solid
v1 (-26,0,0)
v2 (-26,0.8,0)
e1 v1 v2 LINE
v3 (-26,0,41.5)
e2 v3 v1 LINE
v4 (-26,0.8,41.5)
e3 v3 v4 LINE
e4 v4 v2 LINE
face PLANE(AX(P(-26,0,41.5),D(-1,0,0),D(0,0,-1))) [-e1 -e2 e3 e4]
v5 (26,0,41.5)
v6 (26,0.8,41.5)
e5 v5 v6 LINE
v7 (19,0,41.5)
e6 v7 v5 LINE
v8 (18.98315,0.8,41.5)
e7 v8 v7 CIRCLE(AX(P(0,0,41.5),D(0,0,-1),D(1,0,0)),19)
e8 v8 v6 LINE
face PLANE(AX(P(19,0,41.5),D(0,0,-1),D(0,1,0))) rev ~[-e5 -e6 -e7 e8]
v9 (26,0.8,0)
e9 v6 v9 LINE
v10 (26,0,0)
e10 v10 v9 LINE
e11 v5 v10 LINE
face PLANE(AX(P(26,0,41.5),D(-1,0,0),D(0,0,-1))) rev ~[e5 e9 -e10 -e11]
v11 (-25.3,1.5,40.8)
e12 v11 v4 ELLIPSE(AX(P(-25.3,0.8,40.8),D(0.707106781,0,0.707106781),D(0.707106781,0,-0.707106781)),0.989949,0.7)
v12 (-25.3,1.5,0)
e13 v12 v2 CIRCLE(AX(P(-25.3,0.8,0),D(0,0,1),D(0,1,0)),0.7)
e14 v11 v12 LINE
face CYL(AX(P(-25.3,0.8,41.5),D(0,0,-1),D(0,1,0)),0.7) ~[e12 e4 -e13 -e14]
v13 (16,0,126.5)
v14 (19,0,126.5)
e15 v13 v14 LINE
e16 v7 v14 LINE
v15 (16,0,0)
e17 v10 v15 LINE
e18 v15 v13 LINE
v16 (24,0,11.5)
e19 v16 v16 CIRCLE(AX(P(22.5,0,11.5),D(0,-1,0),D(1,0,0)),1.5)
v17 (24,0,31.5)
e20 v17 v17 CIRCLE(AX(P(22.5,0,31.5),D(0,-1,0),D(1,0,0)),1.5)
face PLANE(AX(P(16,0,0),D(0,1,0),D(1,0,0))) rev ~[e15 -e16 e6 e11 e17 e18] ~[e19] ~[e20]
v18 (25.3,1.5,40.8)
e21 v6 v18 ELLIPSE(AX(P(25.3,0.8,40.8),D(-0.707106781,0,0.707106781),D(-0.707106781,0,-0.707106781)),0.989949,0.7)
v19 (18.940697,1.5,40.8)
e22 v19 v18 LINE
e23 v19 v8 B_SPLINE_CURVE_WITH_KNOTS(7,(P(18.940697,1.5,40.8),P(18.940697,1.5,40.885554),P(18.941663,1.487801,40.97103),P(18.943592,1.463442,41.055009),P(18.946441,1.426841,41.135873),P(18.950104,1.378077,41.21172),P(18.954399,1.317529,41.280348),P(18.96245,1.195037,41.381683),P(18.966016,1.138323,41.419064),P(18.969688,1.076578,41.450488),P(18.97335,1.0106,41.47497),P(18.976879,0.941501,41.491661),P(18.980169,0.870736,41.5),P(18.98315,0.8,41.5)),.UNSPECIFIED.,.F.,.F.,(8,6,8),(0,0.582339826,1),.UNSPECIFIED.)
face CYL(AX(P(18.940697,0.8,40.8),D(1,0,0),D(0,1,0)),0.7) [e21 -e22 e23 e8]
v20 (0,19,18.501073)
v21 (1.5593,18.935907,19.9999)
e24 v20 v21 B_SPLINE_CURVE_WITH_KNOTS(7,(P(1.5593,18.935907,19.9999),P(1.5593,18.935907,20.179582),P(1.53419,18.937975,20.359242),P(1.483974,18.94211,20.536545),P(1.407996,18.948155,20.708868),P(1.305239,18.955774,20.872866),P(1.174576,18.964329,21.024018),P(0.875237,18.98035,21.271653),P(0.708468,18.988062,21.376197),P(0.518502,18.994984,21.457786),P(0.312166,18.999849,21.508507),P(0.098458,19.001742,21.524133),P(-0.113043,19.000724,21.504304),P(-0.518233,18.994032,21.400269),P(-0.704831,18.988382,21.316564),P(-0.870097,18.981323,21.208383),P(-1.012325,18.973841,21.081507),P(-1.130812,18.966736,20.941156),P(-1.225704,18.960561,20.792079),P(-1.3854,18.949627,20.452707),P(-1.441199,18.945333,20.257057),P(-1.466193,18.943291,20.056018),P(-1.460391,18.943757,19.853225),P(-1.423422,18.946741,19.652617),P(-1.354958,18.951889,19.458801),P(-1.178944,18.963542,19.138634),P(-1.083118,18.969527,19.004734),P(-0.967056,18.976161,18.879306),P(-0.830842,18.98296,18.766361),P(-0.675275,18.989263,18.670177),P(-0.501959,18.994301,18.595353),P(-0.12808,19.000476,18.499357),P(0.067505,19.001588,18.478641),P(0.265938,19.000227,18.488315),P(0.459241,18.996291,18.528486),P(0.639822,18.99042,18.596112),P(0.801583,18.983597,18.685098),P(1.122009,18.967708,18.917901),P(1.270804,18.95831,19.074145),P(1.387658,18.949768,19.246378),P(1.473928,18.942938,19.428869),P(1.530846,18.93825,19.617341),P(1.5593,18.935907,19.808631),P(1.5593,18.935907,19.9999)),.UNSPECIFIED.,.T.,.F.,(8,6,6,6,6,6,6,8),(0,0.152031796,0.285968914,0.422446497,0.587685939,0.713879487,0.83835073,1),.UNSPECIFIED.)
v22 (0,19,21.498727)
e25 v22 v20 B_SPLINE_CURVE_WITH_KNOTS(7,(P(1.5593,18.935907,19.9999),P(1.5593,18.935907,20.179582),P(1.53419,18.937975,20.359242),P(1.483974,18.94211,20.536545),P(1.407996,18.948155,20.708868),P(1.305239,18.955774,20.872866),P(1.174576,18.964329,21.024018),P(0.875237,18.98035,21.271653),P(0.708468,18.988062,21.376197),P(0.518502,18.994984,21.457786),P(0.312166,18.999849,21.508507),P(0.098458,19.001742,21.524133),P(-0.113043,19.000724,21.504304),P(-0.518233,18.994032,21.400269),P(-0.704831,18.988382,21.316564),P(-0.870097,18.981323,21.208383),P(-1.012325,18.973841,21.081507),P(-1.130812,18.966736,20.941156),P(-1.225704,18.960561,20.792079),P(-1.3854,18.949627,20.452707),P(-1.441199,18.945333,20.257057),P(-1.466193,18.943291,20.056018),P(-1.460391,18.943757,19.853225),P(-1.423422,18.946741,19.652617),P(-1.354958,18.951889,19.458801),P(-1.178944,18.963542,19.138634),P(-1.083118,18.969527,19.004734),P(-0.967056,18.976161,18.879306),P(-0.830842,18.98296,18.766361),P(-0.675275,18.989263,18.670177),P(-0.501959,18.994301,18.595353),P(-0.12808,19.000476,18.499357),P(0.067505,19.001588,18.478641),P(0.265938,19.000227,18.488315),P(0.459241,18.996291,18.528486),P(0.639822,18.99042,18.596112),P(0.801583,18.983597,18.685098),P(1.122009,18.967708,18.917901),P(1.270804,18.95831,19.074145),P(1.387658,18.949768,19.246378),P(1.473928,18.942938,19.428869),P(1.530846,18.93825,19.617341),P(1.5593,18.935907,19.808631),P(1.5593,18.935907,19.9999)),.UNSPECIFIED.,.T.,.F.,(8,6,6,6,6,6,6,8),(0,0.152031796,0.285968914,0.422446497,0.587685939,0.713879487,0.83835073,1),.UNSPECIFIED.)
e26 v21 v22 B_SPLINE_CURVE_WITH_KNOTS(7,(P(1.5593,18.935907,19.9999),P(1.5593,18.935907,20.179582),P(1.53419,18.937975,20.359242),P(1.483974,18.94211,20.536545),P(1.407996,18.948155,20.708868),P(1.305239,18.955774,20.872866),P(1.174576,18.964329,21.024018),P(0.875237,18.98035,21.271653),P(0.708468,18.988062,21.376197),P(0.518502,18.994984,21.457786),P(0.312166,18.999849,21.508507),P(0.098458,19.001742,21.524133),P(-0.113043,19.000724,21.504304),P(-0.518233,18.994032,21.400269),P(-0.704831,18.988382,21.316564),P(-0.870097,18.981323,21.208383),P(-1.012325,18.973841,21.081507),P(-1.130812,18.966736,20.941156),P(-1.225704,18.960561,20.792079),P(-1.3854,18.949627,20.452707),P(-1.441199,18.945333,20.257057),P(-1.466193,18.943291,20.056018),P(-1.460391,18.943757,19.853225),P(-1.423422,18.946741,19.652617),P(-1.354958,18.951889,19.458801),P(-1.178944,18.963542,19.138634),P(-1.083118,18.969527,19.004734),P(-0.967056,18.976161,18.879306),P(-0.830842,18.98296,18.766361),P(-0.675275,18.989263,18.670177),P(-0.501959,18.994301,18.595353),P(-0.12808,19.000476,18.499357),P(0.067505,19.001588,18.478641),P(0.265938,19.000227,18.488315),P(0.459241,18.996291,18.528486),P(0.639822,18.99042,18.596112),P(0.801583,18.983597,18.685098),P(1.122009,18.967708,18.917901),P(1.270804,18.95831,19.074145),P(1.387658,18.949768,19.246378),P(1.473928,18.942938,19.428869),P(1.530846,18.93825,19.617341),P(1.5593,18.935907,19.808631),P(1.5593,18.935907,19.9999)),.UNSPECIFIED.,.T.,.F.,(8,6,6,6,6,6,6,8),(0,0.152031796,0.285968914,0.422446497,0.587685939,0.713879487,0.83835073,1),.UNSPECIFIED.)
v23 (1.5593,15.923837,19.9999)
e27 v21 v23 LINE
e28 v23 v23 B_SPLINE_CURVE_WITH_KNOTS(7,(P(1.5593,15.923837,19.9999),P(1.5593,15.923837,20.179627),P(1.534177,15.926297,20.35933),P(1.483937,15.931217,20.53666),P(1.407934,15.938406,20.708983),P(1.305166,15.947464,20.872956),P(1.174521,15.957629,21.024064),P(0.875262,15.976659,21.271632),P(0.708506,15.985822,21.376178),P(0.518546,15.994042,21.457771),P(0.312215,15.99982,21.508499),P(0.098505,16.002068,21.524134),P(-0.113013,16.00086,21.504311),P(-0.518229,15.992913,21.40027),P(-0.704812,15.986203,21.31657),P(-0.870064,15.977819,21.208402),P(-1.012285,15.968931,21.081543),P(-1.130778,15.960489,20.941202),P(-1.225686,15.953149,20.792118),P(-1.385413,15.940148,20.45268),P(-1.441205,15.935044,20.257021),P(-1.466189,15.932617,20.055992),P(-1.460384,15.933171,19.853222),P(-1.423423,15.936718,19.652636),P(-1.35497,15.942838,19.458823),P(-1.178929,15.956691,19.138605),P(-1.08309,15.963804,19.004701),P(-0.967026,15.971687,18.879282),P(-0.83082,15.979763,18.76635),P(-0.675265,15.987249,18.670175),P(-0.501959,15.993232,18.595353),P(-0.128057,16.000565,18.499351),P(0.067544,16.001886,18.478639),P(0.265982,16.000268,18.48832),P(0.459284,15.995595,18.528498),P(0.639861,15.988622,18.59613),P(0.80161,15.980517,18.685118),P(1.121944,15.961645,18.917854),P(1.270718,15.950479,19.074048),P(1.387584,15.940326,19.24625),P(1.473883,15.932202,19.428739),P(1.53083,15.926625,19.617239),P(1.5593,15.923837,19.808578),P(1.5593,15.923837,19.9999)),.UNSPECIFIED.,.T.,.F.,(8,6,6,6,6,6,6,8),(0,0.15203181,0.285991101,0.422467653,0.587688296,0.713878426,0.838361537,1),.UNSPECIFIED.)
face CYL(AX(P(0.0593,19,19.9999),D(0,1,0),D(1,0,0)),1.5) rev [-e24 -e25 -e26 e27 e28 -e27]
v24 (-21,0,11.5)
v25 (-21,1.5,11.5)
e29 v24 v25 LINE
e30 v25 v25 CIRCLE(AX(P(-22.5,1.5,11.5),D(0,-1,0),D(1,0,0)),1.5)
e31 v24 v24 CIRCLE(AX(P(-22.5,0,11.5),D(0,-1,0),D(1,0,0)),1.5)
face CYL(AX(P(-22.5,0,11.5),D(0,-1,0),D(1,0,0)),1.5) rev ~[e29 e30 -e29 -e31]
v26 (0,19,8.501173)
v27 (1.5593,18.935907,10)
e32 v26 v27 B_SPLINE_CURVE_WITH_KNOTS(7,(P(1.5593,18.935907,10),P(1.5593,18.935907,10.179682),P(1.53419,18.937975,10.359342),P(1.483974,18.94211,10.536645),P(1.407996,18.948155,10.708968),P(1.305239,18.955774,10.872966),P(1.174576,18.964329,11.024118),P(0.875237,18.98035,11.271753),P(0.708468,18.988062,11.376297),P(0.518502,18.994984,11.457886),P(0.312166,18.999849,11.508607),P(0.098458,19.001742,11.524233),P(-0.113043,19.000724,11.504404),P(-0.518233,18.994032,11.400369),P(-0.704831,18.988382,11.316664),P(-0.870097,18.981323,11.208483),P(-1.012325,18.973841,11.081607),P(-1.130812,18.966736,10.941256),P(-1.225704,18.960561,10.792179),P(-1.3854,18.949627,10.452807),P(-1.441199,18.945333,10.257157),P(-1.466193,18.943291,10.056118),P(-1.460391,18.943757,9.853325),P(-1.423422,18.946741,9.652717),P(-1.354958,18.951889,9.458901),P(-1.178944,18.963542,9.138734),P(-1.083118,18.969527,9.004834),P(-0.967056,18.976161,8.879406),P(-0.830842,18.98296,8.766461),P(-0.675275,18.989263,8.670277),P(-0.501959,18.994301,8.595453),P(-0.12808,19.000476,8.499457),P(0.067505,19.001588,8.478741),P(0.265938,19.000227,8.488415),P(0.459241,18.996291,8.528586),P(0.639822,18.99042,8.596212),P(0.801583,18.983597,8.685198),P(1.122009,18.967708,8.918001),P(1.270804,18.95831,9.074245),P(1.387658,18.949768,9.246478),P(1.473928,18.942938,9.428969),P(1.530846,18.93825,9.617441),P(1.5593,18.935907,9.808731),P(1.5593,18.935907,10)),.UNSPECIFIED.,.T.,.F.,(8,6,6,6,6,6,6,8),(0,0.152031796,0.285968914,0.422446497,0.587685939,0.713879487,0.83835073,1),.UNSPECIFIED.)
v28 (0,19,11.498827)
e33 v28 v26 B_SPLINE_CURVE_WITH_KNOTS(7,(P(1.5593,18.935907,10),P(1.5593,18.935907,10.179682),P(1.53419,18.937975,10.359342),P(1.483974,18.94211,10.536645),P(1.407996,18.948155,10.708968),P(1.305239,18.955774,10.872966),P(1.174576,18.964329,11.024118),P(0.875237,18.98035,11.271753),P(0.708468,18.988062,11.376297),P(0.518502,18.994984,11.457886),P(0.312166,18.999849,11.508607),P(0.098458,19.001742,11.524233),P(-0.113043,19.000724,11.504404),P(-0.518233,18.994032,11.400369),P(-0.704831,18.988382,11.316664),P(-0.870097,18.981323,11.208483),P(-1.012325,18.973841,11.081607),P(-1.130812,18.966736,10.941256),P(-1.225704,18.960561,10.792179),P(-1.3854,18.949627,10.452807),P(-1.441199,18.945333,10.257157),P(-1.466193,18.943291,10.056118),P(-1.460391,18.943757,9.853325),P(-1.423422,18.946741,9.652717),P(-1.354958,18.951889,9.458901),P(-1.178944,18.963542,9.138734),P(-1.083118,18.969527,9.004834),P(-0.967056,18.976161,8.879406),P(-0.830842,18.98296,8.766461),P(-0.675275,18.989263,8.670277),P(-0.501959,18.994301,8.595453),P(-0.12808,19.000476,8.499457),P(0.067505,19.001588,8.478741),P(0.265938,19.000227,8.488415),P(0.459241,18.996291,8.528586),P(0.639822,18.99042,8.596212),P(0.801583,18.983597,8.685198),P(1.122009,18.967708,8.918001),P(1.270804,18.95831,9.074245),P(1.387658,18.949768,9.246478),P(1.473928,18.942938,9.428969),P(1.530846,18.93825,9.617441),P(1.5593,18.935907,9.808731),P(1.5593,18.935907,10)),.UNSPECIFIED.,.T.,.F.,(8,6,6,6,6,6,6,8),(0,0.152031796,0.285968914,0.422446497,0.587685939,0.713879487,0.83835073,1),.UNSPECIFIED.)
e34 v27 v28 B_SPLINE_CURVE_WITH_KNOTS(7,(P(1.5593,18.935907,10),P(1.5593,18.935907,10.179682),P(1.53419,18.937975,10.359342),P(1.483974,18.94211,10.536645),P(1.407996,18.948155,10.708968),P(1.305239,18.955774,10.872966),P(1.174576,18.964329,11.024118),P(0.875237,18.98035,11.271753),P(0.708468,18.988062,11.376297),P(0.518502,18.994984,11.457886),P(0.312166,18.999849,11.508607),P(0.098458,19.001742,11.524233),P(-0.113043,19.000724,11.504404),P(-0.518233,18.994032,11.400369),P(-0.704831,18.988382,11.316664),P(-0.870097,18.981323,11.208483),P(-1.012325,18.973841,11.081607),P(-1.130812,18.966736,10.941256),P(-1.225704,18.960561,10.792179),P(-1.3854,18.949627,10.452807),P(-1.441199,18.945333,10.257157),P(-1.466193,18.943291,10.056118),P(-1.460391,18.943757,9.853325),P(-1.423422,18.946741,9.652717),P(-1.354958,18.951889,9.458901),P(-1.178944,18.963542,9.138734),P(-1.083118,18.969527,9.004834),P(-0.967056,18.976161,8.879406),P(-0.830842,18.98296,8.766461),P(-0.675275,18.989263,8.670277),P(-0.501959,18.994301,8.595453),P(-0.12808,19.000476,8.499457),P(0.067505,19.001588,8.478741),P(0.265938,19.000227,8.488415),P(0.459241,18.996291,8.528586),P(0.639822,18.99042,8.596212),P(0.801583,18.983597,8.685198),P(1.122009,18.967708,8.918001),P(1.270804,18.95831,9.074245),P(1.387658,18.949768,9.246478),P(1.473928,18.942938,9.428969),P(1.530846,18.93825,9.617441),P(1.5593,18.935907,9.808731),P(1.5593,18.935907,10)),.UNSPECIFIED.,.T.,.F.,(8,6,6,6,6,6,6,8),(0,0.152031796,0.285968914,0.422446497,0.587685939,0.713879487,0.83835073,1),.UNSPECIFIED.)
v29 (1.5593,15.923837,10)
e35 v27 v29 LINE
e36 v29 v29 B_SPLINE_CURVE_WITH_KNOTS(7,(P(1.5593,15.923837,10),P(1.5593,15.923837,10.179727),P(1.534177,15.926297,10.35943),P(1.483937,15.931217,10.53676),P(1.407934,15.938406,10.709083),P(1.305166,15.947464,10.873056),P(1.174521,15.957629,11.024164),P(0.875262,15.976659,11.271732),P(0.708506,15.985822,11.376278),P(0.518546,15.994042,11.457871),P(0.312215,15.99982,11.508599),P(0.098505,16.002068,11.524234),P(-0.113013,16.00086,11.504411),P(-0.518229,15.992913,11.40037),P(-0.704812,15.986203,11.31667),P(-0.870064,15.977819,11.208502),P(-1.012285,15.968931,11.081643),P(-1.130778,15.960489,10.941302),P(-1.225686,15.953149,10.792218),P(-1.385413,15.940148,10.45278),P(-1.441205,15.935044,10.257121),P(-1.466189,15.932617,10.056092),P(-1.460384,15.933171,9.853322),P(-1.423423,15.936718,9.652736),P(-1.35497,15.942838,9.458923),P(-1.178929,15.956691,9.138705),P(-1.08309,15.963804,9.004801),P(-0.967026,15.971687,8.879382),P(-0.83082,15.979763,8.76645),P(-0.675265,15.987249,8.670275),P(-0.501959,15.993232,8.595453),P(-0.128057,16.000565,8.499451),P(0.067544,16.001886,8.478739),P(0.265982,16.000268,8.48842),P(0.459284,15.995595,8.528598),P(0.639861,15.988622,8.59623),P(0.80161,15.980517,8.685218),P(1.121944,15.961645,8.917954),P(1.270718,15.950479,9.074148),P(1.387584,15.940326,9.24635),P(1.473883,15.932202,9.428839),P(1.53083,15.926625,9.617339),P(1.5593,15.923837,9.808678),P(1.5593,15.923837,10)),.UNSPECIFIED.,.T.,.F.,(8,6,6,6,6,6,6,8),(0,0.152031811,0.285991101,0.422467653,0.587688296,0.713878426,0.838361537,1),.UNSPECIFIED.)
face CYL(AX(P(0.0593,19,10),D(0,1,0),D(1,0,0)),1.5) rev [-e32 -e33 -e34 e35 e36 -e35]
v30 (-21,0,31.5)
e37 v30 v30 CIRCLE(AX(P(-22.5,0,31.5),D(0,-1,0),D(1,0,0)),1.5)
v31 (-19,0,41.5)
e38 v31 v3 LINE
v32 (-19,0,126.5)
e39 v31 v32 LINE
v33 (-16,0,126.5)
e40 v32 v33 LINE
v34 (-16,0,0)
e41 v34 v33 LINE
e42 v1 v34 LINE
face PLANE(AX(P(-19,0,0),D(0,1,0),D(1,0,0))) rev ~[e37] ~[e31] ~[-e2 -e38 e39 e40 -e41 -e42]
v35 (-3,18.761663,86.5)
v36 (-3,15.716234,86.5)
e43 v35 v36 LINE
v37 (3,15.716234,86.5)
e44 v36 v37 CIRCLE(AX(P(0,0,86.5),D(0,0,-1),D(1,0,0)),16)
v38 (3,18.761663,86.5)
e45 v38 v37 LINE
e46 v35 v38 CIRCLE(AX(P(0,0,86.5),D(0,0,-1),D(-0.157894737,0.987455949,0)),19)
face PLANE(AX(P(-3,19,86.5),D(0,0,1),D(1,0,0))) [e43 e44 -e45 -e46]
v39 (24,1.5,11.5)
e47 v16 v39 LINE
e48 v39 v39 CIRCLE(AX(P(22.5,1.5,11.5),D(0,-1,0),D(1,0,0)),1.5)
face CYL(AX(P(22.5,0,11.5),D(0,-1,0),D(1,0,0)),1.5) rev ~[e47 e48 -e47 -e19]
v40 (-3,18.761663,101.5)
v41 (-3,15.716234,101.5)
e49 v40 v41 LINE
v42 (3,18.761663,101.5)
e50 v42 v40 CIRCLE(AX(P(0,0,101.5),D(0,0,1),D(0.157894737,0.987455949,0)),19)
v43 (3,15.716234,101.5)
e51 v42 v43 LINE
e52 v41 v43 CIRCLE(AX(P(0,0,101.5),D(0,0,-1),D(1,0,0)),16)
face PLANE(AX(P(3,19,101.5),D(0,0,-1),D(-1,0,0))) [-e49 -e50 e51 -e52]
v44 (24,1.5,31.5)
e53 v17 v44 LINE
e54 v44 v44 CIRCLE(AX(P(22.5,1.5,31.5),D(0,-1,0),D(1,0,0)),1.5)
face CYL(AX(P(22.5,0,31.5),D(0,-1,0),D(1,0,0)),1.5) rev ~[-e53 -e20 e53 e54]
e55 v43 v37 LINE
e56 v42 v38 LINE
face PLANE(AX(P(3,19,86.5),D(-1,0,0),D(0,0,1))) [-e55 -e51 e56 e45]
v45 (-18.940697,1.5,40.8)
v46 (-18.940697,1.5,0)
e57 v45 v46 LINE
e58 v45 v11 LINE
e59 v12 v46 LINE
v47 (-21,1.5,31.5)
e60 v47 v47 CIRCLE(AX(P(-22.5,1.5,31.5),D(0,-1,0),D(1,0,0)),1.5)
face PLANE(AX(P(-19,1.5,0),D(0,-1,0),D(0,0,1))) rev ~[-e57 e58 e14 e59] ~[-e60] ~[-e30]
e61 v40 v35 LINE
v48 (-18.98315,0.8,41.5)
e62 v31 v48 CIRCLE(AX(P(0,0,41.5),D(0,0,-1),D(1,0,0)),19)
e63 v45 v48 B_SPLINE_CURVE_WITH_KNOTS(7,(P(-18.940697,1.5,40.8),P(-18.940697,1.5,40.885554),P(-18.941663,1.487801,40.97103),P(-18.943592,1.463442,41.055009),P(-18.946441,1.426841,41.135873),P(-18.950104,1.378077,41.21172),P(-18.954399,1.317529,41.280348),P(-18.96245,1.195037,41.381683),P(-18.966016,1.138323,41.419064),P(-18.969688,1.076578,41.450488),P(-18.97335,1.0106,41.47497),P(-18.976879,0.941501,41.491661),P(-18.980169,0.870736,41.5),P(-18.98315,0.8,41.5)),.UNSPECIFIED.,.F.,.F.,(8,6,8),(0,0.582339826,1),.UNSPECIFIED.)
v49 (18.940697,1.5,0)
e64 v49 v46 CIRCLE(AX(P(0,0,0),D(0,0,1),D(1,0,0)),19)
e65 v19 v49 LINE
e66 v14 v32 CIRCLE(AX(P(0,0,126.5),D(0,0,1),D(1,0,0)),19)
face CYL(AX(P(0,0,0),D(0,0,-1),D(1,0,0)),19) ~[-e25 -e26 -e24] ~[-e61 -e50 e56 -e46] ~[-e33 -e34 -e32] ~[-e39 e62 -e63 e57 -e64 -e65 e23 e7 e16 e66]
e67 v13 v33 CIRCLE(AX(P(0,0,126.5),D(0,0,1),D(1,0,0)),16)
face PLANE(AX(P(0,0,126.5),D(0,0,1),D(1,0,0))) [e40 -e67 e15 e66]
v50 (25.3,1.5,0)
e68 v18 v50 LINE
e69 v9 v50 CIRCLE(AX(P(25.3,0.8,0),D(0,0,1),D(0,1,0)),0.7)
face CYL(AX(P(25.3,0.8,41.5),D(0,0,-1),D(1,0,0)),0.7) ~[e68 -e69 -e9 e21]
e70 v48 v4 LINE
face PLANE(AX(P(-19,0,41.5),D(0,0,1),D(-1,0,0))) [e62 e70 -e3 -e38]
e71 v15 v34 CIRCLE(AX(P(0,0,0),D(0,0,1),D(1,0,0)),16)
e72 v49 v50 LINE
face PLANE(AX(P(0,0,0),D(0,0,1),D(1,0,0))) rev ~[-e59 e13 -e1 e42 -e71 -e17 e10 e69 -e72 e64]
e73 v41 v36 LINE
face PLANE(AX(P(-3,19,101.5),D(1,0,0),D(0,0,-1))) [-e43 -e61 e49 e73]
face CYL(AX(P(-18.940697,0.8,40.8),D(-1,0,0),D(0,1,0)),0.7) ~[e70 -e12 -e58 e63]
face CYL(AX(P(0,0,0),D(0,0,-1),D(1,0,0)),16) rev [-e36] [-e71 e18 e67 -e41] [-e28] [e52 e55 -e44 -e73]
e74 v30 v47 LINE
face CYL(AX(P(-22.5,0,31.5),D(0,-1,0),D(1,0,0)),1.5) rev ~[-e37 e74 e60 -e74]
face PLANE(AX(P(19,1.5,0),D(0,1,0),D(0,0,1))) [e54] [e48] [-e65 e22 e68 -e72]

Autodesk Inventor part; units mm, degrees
ref_plane "YZ Plane" through (0, 0, 0) normal (1, 0, 0) x (0, 1, 0)
ref_plane "XZ Plane" through (0, 0, 0) normal (0, 1, 0) x (-1, 0, 0)
ref_plane "XY Plane" through (0, 0, 0) normal (0, 0, 1) x (1, 0, 0)
sketch "roof_sketch" plane through (0, 0, 0) normal (0, 0, 1) x (1, 0, 0)
  line L0 (-26.6, 0) -> (26.6, 0) construction
  line L1 (0, -3.8) -> (0, 22.8) construction
  line L2 (-16, 0) -> (16, 0)
  line L3 (-19, 0) -> (-16, 0)
  line L4 (16, 0) -> (19, 0)
  arc A0 (16, 0) -> (-16, 0) centre (0, 0) ccw
  arc A1 (19, 0) -> (-19, 0) centre (0, 0) ccw
  line L5 (-19, 0) -> (-16, 0)
  line L6 (16, 0) -> (19, 0)
  dimension "d1" = 32
  dimension "d5" = 0
  dimension "d6" = 3
extrude "roof" add sketch "roof_sketch" along normal blind 126.5 contours L3 A1 L4 A0
sketch "bolt_sketch" plane through (16, 0, 0) normal (0, -1, 0) x (1, 0, 0)
  line L0 (-52.4, 0) -> (20.4, 0) construction
  line L1 (-16, -25.3) -> (-16, 151.8) construction
  line L2 (3, 0) -> (3, 126.5) projected
  line L3 (3, 41.5) -> (10, 41.5)
  line L4 (10, 41.5) -> (10, 0)
  line L5 (10, 0) -> (3, 0)
  line L6 (3, 0) -> (3, 41.5)
  circle A0 centre (6.5, 31.5) radius 1.5
  circle A1 centre (6.5, 11.5) radius 1.5
  line L7 (-35, 41.5) -> (-42, 41.5)
  line L8 (-42, 41.5) -> (-42, 0)
  line L9 (-42, 0) -> (-35, 0)
  line L10 (-35, 0) -> (-35, 41.5)
  circle A2 centre (-38.5, 31.5) radius 1.5
  circle A3 centre (-38.5, 11.5) radius 1.5
  point P0 (-16, 0)
  dimension "d9" = 41.5
  dimension "d10" = 3
  dimension "d11" = 3
  dimension "d12" = 10
  dimension "d13" = 20
  dimension "d14" = 7
  dimension "d16" = 3.5
  dimension "d17" = 3.5
extrude "bolt_opposite" add sketch "bolt_sketch" against normal blind 1.5
sketch "error1_" plane through (-19, 0, 0) normal (1, 0, 0) x (0, 0, -1)
  line L0 (0, 1.5) -> (-41.5, 1.5) projected
  line L1 (0, 0) -> (0, 1.5) projected
  line L2 (-41.5, 0) -> (0, 0) projected
  line L3 (-41.5, 0) -> (-41.5, 1.5) projected
extrude "error1" add sketch "error1_" along normal blind 1.5
sketch "error2_" plane through (19, 0, 0) normal (-1, 0, 0) x (0, 0, 1)
  line L0 (0, 0) -> (0, 1.5) projected
  line L1 (0, 1.5) -> (41.5, 1.5) projected
  line L2 (41.5, 0) -> (0, 0) projected
  line L3 (41.5, 0) -> (41.5, 1.5) projected
extrude "error2" add sketch "error2_" along normal blind 1.5
ref_plane "for_button" through (16, 19, 126.5) normal (0, -1, 0) x (1, 0, 0)
sketch "button_sketch" plane through (16, 19, 126.5) normal (0, -1, 0) x (1, 0, 0)
  line L0 (-13, -25) -> (-19, -25)
  line L1 (-19, -25) -> (-19, -40)
  line L2 (-19, -40) -> (-13, -40)
  line L3 (-13, -40) -> (-13, -25)
  line L4 (-35, -85) -> (-35, 0) projected
  line L5 (3, 0) -> (-35, 0) projected
  circle A0 centre (-15.9407, -106.5001) radius 1.5
  circle A1 centre (-15.9407, -116.5) radius 1.5
  line L6 (2.9407, -126.5) -> (-34.9407, -126.5) projected
  line L7 (-34.9407, -126.5) -> (-34.9407, -85) projected
  point P0 (-16, -126.5)
  dimension "d25" = 6
  dimension "d26" = 15
  dimension "d27" = 16
  dimension "d28" = 25
  dimension "d43" = 3
  dimension "d44" = 3
  dimension "d45" = 10
  dimension "d46" = 20
  dimension "d47" = 19
  dimension "d48" = 19
extrude "button" cut sketch "button_sketch" along normal blind 10 contours L3 L2 L1 L0
fillet "so_hurt" radius 0.7 4 edges at (26, 1.5, 20.75) (22.4703, 1.5, 41.5) (-26, 1.5, 20.75) (-22.4703, 1.5, 41.5)
extrude "bar" cut sketch "button_sketch" along normal blind 10 contours A0 | A1
equation "\"d11\" = d10"
equation "\"d16\" = 0.5 * d14"
equation "\"d17\" = d16"
equation "\"d44\" = d43"
equation "\"d48\" = d47"
properties part number "smart_pen4"
